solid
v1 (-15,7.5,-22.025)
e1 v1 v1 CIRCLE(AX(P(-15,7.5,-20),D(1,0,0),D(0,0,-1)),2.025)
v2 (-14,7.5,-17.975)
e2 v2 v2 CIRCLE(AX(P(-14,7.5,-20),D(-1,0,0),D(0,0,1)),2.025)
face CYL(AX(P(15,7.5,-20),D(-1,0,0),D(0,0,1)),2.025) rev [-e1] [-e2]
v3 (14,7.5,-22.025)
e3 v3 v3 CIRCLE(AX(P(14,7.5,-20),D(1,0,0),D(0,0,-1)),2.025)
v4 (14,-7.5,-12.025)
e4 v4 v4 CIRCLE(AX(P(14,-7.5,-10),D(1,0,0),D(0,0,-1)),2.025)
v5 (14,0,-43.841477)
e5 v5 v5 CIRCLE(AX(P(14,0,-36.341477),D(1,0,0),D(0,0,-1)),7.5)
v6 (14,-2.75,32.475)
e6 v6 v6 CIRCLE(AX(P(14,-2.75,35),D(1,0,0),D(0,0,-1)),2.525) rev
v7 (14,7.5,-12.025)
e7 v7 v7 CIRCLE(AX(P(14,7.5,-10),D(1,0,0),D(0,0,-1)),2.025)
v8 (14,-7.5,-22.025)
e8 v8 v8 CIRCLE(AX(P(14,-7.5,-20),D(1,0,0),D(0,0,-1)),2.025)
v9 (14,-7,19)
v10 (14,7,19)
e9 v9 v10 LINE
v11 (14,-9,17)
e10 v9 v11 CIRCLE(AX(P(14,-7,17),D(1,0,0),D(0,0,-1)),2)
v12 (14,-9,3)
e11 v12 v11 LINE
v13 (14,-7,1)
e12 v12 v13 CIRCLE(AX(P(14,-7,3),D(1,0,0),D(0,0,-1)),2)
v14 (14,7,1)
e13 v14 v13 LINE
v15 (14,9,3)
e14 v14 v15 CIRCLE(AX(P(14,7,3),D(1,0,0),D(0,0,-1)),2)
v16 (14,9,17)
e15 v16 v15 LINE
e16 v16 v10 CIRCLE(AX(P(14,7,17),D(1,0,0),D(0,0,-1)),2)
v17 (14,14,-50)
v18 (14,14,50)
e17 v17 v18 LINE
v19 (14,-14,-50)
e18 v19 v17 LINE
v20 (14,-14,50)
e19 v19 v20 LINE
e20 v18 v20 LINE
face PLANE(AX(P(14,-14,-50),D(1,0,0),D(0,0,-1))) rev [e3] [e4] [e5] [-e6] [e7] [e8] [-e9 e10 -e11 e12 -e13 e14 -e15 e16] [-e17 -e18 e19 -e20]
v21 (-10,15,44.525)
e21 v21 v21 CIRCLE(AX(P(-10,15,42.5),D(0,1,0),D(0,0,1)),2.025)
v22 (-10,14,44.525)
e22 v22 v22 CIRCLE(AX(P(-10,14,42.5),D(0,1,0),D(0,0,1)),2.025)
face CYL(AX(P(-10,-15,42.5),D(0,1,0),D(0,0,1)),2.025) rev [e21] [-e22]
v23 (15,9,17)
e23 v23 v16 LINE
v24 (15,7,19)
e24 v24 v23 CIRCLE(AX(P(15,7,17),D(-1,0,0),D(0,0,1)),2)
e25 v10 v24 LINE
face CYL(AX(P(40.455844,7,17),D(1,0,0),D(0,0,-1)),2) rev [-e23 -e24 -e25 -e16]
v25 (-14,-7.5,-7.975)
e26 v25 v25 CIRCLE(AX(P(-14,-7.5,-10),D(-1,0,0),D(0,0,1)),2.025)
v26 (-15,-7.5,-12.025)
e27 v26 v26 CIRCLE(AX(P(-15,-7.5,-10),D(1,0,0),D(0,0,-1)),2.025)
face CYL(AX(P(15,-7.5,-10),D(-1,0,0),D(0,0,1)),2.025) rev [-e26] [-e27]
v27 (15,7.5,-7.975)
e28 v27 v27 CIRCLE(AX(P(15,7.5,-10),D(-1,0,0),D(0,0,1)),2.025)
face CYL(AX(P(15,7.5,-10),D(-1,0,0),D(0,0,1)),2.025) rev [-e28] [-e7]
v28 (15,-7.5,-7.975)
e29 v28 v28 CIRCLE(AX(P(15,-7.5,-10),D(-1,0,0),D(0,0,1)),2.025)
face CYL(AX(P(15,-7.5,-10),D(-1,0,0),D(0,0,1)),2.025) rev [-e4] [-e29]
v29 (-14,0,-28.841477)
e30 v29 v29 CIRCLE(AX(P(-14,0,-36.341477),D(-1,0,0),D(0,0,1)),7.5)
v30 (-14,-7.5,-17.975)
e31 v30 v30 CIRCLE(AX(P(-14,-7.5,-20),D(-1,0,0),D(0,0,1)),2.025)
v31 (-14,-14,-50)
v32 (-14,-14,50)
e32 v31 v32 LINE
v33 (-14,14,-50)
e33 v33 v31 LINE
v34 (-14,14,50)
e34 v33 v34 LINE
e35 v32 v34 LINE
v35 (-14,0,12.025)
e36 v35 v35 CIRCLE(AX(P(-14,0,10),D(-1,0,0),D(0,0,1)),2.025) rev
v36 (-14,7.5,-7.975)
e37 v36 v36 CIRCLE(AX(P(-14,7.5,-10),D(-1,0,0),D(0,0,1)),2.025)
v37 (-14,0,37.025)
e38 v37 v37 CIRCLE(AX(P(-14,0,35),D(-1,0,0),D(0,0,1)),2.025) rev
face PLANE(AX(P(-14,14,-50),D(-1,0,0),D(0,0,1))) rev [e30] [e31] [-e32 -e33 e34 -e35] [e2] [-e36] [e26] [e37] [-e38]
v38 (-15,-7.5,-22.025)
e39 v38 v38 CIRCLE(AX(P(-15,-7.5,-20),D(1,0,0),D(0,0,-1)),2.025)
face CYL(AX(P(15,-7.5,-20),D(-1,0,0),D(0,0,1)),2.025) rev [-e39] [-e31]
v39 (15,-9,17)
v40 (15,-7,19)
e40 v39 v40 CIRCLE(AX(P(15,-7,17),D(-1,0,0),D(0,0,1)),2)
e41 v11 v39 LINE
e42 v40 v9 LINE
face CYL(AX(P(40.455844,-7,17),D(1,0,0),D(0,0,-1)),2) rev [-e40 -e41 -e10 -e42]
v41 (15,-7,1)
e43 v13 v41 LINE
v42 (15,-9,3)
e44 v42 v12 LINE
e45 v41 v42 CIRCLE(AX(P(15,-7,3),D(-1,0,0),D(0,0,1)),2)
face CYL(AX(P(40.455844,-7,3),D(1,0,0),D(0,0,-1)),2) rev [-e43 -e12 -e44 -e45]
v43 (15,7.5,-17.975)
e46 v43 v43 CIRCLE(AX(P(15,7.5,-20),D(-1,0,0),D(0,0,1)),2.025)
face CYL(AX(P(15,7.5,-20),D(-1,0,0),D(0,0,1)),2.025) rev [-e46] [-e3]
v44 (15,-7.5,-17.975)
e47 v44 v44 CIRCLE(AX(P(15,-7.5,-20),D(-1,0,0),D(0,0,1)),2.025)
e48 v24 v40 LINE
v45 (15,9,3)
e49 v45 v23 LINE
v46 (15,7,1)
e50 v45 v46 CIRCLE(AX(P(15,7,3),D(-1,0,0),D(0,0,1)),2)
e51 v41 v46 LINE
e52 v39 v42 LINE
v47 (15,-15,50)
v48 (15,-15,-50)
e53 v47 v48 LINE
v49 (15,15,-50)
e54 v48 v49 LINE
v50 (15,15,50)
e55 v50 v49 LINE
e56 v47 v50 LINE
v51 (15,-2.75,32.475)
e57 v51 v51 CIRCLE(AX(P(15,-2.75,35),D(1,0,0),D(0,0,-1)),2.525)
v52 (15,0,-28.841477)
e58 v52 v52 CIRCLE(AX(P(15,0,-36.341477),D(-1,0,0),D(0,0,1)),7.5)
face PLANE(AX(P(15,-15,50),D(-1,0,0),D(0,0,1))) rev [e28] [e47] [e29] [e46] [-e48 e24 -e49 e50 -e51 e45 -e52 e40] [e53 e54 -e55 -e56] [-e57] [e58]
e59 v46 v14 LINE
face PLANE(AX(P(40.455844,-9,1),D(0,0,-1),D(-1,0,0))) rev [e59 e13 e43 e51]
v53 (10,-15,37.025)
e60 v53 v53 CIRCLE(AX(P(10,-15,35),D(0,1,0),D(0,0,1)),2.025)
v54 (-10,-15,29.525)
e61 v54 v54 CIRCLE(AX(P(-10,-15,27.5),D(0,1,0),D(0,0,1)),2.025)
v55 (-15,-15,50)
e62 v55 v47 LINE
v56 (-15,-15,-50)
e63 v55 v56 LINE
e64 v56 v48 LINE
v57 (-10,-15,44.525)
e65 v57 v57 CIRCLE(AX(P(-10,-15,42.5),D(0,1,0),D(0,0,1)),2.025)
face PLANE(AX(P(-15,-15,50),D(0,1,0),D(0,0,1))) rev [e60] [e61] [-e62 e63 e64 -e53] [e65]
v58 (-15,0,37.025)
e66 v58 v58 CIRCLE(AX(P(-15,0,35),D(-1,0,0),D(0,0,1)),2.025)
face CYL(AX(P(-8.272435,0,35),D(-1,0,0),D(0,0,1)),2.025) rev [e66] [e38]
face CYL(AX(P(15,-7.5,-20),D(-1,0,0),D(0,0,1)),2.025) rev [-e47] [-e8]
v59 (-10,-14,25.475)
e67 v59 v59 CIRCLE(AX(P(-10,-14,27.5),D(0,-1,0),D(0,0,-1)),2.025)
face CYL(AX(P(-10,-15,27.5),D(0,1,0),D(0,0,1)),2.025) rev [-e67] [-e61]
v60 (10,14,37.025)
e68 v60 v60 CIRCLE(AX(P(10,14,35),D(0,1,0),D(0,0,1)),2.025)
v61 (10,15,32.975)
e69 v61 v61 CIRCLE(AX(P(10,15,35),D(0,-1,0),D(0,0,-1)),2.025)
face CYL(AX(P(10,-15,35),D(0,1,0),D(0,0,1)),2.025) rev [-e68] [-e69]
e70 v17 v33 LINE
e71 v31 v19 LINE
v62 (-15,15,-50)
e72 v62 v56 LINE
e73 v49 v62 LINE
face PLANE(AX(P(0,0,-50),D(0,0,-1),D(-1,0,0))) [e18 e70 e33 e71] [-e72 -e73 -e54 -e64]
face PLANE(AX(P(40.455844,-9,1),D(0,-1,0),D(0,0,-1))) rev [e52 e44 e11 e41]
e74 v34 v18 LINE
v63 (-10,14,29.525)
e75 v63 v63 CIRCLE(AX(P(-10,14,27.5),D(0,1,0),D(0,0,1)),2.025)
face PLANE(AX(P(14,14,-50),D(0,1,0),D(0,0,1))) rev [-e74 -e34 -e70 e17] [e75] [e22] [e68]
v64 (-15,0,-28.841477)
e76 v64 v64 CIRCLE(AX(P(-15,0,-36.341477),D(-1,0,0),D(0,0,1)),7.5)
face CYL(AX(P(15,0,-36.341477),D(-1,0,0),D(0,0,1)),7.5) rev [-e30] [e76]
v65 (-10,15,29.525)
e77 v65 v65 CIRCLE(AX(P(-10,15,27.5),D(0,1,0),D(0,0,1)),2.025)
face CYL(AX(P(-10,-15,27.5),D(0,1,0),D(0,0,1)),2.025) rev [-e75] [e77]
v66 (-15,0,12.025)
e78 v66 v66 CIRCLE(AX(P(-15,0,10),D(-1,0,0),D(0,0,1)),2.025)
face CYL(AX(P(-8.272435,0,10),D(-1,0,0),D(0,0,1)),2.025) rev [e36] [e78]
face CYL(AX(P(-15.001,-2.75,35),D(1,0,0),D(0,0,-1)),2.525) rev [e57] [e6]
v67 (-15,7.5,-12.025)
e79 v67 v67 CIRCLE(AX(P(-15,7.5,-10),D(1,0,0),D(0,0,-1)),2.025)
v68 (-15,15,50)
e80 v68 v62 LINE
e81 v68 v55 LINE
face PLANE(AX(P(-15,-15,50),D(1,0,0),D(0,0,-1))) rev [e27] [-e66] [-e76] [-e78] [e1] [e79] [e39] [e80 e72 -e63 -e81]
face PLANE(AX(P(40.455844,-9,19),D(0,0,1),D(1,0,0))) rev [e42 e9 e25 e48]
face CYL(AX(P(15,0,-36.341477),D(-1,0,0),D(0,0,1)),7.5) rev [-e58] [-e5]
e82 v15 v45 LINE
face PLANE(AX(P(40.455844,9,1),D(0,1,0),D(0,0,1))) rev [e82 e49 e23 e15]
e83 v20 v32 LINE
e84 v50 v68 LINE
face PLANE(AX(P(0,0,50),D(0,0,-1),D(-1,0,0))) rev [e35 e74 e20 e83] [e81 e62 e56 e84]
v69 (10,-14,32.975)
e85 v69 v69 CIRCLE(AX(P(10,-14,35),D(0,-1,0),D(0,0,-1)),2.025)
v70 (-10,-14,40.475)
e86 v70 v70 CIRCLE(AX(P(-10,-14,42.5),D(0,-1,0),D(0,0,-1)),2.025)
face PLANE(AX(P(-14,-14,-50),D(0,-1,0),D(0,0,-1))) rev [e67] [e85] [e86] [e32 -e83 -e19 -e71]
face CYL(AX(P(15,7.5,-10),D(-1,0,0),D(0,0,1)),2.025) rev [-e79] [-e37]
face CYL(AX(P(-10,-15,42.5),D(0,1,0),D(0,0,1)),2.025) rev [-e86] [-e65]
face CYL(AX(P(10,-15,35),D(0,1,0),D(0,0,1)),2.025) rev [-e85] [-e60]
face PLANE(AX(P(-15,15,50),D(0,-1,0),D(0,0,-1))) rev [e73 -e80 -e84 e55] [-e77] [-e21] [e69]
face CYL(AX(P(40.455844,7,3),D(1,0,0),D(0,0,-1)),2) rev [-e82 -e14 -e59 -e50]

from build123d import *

# Parameters (mm, degrees)
SKETCH_1_W               = 30
SKETCH_1_H               = 30
EXTRUDE_1_DEPTH          = 50
SKETCH_2_W               = 28
SKETCH_2_H               = 28
CUT_EXTRUDE_1_DEPTH      = 1
CUT_EXTRUDE_1_DEPTH_BACK = 101
SKETCH_3_R               = 2.025
CUT_EXTRUDE_2_DEPTH      = 1
SKETCH_4_W               = 18
SKETCH_4_H               = 18
CUT_EXTRUDE_3_DEPTH      = 1
FILLET_1_R               = 2
CUT_EXTRUDE_START        = -2
SKETCH_5_R               = 2.025
CUT_EXTRUDE_5_DEPTH      = 32
SKETCH_6_R               = 2.025
CUT_EXTRUDE_6_DEPTH      = 1
CUT_EXTRUDE_6_DEPTH_BACK = 31
SKETCH_7_R               = 7.5
CUT_EXTRUDE_7_DEPTH      = 1
CUT_EXTRUDE_7_DEPTH_BACK = 31
SKETCH_8_R               = 2.025
CUT_EXTRUDE_8_DEPTH      = 1
CUT_EXTRUDE_8_DEPTH_BACK = 31
SKETCH_9_R               = 2.25
EXTRUDE_2_DEPTH          = 1
SKETCH_10_R              = 2.5
EXTRUDE_3_DEPTH          = 1
SKETCH_11_R              = 2.025
CUT_EXTRUDE_9_DEPTH      = 1
CUT_EXTRUDE_9_DEPTH_BACK = 31
SKETCH_12_R              = 2.5
EXTRUDE_4_DEPTH          = 1
CUT_EXTRUDE_10_REACH     = 32
SKETCH_13_R              = 2.525


with BuildPart() as part:
    # 草图1 → 凸台-拉伸1 (new body, symmetric)
    with BuildSketch(Plane.XY):
        Rectangle(SKETCH_1_W, SKETCH_1_H)
    extrude(amount=EXTRUDE_1_DEPTH, both=True)

    # 草图2 → 切除-拉伸1 (cut, two sides)
    with BuildSketch(Plane.XY.offset(50)) as cut_extrude_1_sk:
        Rectangle(SKETCH_2_W, SKETCH_2_H)
    extrude(amount=CUT_EXTRUDE_1_DEPTH, mode=Mode.SUBTRACT)
    extrude(cut_extrude_1_sk.sketch, amount=-CUT_EXTRUDE_1_DEPTH_BACK, mode=Mode.SUBTRACT)

    # 草图3 → 切除-拉伸2 (cut)
    with BuildSketch(Plane.ZY.offset(15)):
        with Locations((10, 0)):
            Circle(SKETCH_3_R)
        with Locations((35, 0)):
            Circle(SKETCH_3_R)
    extrude(amount=-CUT_EXTRUDE_2_DEPTH, mode=Mode.SUBTRACT)

    # 草图4 → 切除-拉伸3 (cut)
    with BuildSketch(Plane.ZY.offset(-14)):
        with Locations((10, 0)):
            Rectangle(SKETCH_4_W, SKETCH_4_H)
    extrude(amount=-CUT_EXTRUDE_3_DEPTH, mode=Mode.SUBTRACT)

    # 圆角1
    fillet_1_edges = [part.edges().sort_by_distance(p)[0] for p in [
        (14.5, 9, 19),
        (14.5, -9, 19),
        (14.5, -9, 1),
        (14.5, 9, 1),
    ]]
    fillet(fillet_1_edges, radius=FILLET_1_R)

    # 草图5 → 切除-拉伸5 (cut)
    with BuildSketch(Plane(origin=(0, -14, 0), x_dir=(1, 0, 0), z_dir=(0, 1, 0)).offset(CUT_EXTRUDE_START)):
        with Locations((-10, -27.5)):
            Circle(SKETCH_5_R)
        with Locations((-10, -42.5)):
            Circle(SKETCH_5_R)
    cut_extrude_5 = extrude(amount=CUT_EXTRUDE_5_DEPTH, mode=Mode.SUBTRACT)

    # 镜向1: 切除-拉伸5 across plane
    add(cut_extrude_5.mirror(Plane(origin=(0, 0, 0), x_dir=(0, 0, 1), z_dir=(1, 0, 0))), mode=Mode.SUBTRACT)

    # 草图6 → 切除-拉伸6 (cut, two sides)
    with BuildSketch(Plane.ZY.offset(15)) as cut_extrude_6_sk:
        with Locations((35, 0)):
            Circle(SKETCH_6_R)
        with Locations((-20, -7.5)):
            Circle(SKETCH_6_R)
        with Locations((-20, 7.5)):
            Circle(SKETCH_6_R)
    extrude(amount=CUT_EXTRUDE_6_DEPTH, mode=Mode.SUBTRACT)
    extrude(cut_extrude_6_sk.sketch, amount=-CUT_EXTRUDE_6_DEPTH_BACK, mode=Mode.SUBTRACT)

    # 草图7 → 切除-拉伸7 (cut, two sides)
    with BuildSketch(Plane.ZY.offset(15)) as cut_extrude_7_sk:
        with Locations((-36.341476857, 0)):
            Circle(SKETCH_7_R)
    extrude(amount=CUT_EXTRUDE_7_DEPTH, mode=Mode.SUBTRACT)
    extrude(cut_extrude_7_sk.sketch, amount=-CUT_EXTRUDE_7_DEPTH_BACK, mode=Mode.SUBTRACT)

    # 草图8 → 切除-拉伸8 (cut, two sides)
    with BuildSketch(Plane.ZY.offset(15)) as cut_extrude_8_sk:
        with Locations((-10, 7.5)):
            Circle(SKETCH_8_R)
        with Locations((-10, -7.5)):
            Circle(SKETCH_8_R)
    extrude(amount=CUT_EXTRUDE_8_DEPTH, mode=Mode.SUBTRACT)
    extrude(cut_extrude_8_sk.sketch, amount=-CUT_EXTRUDE_8_DEPTH_BACK, mode=Mode.SUBTRACT)

    # 草图9 → 凸台-拉伸2 (add)
    with BuildSketch(Plane(origin=(0, 15, 0), x_dir=(1, 0, 0), z_dir=(0, 1, 0))):
        with Locations((10, -27.5)):
            Circle(SKETCH_9_R)
        with Locations((10, -42.5)):
            Circle(SKETCH_9_R)
    extrude(amount=-EXTRUDE_2_DEPTH)

    # 草图10 → 凸台-拉伸3 (add)
    with BuildSketch(Plane.XZ.offset(15)):
        with Locations((10, 42.5)):
            Circle(SKETCH_10_R)
        with Locations((10, 27.5)):
            Circle(SKETCH_10_R)
    extrude(amount=-EXTRUDE_3_DEPTH)

    # 草图11 → 切除-拉伸9 (cut, two sides)
    with BuildSketch(Plane(origin=(0, 15, 0), x_dir=(1, 0, 0), z_dir=(0, 1, 0))) as cut_extrude_9_sk:
        with Locations((10, -35)):
            Circle(SKETCH_11_R)
    extrude(amount=CUT_EXTRUDE_9_DEPTH, mode=Mode.SUBTRACT)
    extrude(cut_extrude_9_sk.sketch, amount=-CUT_EXTRUDE_9_DEPTH_BACK, mode=Mode.SUBTRACT)

    # 草图12 → 凸台-拉伸4 (add)
    with BuildSketch(Plane(origin=(15, 0, 0), x_dir=(0, 0, -1), z_dir=(1, 0, 0))):
        with Locations((-35, 0)):
            Circle(SKETCH_12_R)
    extrude(amount=-EXTRUDE_4_DEPTH)

    # 草图13 → 切除-拉伸10 (cut, up to next)
    with BuildSketch(Plane(origin=(15, 0, 0), x_dir=(0, 0, -1), z_dir=(1, 0, 0)), mode=Mode.PRIVATE) as cut_extrude_10_sk1:
        with Locations((-35, -2.75)):
            Circle(SKETCH_13_R)
    cut_extrude_10_tool1 = extrude(cut_extrude_10_sk1.sketch, amount=-CUT_EXTRUDE_10_REACH, mode=Mode.PRIVATE) & part.part
    add(cut_extrude_10_tool1.solids().sort_by_distance((15, -2.75, 35))[0], mode=Mode.SUBTRACT)


solid = part.part
